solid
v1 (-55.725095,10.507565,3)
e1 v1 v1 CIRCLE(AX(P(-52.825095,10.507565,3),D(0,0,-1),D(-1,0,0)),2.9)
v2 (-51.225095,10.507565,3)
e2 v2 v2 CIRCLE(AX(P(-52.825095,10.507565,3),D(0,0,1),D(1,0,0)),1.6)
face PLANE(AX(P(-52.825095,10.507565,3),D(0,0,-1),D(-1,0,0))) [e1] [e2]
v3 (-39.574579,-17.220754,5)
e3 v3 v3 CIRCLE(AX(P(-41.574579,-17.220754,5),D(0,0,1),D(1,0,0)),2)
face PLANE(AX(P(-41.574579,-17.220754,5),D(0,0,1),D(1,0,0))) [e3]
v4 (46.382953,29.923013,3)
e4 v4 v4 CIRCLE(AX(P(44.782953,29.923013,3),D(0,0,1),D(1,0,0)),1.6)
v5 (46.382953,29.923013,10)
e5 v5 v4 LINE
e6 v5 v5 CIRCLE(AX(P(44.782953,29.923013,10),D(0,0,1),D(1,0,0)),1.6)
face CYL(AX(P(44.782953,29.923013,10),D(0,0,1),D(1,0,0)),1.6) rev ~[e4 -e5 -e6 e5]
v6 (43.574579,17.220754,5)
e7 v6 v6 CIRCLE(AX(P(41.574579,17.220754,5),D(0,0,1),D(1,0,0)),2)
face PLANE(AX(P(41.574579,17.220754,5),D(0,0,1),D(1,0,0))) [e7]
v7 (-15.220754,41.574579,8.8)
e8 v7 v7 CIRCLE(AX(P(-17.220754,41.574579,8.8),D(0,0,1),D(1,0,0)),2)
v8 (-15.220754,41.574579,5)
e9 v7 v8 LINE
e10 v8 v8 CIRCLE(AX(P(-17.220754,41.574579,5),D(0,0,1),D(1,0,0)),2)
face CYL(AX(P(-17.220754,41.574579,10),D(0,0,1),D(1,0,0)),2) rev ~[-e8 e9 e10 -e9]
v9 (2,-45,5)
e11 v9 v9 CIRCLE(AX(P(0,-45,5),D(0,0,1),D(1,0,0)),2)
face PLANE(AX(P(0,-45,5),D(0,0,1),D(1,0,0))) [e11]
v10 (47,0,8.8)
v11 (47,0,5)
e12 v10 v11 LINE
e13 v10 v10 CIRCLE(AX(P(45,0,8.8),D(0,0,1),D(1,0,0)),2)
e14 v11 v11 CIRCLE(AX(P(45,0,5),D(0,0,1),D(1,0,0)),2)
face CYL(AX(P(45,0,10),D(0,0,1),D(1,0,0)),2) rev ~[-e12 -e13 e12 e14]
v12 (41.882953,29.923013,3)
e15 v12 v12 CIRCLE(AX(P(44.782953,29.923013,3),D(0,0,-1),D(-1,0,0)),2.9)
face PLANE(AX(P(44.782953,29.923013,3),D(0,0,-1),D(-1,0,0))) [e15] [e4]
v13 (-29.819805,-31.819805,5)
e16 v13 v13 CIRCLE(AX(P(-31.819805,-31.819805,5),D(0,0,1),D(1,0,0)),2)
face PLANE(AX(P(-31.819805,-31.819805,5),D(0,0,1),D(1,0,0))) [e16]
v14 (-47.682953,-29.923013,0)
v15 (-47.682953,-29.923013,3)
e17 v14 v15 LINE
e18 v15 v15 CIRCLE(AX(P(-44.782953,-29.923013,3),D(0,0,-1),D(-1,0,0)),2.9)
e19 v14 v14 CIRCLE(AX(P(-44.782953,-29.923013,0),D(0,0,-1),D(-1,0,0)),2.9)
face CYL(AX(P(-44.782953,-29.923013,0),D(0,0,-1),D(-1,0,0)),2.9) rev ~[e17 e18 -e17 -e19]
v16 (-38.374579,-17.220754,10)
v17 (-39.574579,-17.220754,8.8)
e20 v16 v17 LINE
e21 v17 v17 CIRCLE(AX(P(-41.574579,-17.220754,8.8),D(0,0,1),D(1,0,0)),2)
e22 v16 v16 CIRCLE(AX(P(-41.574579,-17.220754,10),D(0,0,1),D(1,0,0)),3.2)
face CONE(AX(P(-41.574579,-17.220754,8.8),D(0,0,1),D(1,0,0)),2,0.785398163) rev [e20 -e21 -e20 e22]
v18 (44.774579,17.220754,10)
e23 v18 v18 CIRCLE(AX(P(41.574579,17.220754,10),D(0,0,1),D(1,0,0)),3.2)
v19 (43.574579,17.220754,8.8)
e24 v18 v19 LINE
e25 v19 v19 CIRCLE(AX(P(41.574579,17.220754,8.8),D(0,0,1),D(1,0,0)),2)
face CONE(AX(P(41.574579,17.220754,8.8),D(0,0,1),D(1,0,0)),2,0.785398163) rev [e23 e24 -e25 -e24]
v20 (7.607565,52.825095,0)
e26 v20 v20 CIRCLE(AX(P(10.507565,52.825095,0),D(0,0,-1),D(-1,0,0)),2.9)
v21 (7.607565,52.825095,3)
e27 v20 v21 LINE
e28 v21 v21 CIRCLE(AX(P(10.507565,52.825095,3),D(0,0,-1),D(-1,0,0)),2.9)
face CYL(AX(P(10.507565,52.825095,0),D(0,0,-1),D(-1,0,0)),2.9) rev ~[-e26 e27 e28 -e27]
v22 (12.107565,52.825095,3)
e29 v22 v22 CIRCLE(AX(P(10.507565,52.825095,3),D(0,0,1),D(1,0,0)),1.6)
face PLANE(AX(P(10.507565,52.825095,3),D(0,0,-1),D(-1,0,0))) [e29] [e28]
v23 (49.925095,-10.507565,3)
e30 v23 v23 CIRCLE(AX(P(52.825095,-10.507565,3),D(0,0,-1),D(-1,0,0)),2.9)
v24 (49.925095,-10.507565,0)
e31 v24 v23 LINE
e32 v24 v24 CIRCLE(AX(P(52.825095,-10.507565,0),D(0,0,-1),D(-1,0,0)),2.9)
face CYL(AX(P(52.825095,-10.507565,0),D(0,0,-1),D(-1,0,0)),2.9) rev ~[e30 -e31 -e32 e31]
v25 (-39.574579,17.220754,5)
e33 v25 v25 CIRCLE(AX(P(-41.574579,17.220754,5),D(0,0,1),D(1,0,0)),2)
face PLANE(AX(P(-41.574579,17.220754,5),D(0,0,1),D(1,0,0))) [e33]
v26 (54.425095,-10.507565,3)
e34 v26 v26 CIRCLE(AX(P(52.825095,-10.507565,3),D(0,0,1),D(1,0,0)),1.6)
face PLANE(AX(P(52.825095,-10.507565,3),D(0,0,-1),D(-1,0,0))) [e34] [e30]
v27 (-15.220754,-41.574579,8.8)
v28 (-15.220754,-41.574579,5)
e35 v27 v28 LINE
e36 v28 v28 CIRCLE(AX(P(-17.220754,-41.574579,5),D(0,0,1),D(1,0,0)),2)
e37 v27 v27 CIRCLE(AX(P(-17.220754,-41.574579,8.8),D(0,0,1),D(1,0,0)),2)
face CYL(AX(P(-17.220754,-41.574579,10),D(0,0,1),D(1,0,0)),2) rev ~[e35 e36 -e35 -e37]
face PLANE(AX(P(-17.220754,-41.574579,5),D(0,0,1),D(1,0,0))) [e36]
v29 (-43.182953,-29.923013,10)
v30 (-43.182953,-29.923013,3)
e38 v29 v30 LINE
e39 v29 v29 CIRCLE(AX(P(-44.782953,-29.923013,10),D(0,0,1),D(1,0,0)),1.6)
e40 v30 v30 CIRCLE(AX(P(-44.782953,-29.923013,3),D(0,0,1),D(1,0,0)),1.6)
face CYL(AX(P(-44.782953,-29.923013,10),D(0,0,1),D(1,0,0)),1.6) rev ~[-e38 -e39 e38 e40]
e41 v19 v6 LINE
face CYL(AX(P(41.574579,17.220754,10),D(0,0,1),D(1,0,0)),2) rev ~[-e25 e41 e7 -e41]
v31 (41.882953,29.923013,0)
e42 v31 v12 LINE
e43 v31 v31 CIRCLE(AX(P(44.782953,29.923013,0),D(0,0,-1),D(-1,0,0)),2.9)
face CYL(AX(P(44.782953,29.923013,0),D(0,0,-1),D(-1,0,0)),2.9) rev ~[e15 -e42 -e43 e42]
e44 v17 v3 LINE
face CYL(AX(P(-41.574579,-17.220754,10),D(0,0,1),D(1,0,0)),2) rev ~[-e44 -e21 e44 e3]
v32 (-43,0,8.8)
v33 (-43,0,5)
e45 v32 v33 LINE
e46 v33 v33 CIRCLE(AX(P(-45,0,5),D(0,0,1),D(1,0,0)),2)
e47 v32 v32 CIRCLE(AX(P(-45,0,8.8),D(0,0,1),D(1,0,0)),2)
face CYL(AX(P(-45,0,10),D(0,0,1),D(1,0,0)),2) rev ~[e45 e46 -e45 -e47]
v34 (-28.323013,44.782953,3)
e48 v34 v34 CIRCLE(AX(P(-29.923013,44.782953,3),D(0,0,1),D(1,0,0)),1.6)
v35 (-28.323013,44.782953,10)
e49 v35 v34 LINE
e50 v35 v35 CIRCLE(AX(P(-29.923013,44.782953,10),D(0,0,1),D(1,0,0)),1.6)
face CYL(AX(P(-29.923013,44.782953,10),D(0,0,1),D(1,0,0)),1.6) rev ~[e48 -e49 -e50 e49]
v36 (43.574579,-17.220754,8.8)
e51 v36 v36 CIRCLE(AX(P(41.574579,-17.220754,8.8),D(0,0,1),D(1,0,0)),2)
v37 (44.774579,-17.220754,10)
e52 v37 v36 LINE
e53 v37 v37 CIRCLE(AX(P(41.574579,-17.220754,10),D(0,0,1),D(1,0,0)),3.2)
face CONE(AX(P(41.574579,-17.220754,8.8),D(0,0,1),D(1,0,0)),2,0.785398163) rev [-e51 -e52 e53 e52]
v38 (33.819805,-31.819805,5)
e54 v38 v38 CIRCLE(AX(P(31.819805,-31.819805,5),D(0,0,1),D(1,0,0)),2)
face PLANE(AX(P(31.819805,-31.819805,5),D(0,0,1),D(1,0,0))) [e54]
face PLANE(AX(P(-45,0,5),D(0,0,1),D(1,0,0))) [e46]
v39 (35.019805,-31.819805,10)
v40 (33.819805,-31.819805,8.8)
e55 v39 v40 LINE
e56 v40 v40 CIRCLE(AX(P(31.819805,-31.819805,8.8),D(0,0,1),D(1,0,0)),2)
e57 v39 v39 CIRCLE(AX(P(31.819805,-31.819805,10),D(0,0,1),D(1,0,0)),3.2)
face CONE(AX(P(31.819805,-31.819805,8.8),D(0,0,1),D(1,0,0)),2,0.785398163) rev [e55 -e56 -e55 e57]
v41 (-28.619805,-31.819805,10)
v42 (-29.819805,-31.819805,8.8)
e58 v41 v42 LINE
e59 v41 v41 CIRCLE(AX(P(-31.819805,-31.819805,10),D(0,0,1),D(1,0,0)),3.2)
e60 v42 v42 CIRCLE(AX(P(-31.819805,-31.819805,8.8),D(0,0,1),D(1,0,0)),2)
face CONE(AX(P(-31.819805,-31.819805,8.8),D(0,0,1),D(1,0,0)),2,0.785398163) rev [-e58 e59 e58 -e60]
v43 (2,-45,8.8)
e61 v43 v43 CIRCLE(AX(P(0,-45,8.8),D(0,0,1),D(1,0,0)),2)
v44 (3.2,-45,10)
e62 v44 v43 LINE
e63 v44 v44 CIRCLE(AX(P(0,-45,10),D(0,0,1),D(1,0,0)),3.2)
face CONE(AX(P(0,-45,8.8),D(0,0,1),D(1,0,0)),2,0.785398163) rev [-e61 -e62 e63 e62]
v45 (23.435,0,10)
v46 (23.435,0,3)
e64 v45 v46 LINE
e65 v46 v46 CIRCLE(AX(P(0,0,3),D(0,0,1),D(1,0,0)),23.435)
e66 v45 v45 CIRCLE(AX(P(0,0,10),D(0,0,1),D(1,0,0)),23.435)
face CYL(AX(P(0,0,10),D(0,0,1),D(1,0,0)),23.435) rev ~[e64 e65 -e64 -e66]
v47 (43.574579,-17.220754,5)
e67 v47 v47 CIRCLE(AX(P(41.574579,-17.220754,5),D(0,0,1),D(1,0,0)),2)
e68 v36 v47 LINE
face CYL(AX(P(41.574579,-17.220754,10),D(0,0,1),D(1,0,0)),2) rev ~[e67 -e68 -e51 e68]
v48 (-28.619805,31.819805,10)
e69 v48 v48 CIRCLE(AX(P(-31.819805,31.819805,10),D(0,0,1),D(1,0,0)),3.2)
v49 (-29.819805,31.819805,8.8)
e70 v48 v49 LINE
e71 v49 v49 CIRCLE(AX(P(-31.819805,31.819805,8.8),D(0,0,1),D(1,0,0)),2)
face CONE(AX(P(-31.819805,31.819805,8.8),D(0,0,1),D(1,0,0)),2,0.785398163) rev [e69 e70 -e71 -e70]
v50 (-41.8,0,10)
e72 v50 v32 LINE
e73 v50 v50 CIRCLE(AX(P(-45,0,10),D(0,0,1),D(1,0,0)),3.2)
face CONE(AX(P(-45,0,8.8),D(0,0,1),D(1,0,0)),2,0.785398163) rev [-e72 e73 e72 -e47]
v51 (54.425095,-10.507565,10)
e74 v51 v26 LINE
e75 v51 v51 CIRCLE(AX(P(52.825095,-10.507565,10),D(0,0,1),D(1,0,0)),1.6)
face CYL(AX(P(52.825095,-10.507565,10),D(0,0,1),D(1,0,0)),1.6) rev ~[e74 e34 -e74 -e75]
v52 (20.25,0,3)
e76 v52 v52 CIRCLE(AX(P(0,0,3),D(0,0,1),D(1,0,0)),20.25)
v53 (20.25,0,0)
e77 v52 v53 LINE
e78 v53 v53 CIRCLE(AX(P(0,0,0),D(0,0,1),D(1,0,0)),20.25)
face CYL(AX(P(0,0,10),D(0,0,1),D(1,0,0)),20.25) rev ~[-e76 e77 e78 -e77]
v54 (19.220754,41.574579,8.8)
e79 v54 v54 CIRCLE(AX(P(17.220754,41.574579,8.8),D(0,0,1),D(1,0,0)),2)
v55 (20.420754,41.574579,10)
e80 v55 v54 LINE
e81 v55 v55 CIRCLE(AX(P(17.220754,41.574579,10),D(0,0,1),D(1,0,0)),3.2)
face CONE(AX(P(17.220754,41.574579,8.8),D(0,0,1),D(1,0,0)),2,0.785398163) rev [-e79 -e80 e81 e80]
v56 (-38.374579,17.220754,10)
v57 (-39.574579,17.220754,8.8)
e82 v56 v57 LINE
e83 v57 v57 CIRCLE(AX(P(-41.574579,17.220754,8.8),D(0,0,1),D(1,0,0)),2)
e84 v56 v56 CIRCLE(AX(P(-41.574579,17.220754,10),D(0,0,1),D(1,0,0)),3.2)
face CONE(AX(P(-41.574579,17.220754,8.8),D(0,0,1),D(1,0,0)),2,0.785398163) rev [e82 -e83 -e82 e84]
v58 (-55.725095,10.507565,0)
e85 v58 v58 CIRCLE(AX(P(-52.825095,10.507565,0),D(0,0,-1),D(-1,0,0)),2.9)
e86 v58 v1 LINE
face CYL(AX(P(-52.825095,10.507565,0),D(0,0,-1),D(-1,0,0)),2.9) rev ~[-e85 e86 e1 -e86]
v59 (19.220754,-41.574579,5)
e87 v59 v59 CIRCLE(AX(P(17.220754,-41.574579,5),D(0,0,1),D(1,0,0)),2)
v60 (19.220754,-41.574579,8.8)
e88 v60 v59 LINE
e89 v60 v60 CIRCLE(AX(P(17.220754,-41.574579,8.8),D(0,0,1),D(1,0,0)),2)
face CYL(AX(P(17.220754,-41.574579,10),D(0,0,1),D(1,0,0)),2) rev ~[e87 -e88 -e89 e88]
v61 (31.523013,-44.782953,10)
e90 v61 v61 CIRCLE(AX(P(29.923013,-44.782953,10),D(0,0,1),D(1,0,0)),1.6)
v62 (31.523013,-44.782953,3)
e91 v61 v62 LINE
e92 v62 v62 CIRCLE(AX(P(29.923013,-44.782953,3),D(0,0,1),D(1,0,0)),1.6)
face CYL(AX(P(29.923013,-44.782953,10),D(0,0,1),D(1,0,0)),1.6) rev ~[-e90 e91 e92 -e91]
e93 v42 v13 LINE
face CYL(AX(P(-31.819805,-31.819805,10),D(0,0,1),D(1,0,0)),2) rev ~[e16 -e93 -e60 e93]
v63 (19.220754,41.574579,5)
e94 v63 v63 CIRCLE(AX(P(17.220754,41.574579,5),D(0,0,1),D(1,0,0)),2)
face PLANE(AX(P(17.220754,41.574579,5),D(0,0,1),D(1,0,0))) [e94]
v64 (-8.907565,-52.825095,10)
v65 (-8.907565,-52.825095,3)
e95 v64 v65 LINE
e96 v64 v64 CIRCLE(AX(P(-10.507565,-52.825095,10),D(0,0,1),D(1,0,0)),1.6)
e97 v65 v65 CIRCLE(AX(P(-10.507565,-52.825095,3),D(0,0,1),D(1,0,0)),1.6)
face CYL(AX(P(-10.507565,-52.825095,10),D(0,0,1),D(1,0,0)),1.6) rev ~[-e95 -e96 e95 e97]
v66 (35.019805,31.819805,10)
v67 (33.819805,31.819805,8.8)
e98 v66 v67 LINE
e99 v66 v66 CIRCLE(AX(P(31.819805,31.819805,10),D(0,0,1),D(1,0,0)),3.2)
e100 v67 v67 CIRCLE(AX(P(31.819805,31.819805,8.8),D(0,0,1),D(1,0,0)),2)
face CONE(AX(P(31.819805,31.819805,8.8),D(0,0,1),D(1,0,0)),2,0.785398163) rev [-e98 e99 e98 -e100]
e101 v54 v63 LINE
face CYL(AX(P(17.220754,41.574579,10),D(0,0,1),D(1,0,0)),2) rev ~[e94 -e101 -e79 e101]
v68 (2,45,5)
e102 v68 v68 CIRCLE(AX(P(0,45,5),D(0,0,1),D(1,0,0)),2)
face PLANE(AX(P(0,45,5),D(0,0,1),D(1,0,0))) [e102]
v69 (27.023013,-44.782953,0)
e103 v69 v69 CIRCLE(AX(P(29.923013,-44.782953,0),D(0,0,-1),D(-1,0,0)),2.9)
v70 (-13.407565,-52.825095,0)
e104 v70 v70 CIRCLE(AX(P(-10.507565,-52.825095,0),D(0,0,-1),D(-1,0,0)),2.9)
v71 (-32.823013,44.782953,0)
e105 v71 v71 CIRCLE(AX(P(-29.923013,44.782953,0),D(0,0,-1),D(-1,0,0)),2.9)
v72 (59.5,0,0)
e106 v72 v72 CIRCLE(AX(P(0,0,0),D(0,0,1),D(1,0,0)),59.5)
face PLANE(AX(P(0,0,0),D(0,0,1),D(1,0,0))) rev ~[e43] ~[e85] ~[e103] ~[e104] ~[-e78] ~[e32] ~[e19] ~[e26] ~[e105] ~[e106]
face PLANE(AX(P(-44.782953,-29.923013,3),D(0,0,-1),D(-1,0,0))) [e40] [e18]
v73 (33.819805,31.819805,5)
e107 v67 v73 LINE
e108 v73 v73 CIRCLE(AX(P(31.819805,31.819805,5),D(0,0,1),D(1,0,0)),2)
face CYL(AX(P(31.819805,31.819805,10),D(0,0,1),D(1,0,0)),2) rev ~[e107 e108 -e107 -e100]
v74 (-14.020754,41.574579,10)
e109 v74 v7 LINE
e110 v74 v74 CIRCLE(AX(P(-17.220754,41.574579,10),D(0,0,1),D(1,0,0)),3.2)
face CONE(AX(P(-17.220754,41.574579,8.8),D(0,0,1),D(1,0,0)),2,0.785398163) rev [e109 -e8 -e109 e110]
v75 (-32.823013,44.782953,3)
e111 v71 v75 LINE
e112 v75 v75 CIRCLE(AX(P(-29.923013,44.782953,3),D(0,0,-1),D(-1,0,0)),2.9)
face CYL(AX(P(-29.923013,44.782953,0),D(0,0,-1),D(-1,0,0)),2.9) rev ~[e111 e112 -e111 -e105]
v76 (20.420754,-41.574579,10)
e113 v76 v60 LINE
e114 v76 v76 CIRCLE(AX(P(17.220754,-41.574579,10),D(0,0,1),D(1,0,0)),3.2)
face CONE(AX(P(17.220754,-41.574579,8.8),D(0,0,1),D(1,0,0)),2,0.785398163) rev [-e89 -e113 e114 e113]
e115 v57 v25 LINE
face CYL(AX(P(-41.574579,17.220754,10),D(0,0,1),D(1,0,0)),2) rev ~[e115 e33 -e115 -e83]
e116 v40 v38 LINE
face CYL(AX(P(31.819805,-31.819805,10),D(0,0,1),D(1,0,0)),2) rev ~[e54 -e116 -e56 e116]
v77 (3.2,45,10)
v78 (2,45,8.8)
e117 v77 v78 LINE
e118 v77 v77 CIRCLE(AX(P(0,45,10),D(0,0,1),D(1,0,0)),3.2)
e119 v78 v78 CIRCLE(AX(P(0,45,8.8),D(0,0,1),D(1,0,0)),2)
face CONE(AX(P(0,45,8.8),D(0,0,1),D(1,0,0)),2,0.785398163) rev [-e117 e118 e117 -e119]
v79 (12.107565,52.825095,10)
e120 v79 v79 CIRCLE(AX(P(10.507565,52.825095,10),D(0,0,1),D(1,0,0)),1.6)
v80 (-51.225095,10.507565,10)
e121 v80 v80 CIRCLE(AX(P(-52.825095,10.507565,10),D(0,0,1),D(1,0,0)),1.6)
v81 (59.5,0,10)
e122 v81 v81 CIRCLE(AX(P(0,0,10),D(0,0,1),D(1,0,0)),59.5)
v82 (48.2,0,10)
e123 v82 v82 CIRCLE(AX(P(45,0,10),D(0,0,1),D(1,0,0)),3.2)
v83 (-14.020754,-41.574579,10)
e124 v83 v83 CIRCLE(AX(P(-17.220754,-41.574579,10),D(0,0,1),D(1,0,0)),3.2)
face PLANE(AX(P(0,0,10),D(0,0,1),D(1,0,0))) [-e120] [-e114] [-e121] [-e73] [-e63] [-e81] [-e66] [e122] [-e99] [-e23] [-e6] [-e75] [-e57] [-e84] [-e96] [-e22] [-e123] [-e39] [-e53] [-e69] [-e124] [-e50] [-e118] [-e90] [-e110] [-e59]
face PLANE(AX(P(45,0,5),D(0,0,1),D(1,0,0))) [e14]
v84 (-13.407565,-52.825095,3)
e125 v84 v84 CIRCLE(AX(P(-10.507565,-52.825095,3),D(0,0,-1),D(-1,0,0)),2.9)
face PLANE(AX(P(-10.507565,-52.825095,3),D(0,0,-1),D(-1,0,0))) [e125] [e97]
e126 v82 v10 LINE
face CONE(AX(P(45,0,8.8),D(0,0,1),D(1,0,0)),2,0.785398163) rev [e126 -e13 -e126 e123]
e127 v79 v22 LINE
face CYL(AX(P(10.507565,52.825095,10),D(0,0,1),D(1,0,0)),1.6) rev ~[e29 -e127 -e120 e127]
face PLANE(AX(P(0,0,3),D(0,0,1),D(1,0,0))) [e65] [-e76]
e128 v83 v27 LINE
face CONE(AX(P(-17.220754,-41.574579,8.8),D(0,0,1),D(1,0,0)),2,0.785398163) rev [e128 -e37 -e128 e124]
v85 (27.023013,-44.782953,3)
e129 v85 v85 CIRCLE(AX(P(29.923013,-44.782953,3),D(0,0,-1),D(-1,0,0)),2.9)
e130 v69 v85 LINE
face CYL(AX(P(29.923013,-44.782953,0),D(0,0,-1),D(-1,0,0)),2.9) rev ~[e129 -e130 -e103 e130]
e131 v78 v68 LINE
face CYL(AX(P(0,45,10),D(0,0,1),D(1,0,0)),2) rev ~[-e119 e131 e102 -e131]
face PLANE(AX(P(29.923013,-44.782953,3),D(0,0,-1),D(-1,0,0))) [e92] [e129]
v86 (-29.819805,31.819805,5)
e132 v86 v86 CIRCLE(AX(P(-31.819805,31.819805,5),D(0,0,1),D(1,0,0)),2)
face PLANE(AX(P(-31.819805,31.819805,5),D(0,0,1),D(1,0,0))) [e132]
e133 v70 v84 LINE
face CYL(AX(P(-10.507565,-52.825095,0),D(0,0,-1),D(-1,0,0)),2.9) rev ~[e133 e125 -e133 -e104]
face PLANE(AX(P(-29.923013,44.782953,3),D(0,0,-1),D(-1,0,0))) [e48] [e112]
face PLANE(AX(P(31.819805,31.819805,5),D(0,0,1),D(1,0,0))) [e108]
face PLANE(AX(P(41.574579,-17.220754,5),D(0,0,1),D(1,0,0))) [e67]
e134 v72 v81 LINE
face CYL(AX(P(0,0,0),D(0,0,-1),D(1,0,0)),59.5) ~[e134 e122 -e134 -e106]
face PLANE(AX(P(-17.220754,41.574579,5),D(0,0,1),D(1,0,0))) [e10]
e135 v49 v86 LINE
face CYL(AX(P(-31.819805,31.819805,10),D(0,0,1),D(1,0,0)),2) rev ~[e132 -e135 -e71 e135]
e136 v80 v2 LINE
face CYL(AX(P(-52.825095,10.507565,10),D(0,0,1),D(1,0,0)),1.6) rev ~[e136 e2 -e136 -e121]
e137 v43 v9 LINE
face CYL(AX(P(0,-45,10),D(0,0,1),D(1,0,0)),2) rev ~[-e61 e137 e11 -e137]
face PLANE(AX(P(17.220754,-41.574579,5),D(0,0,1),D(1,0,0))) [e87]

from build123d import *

# Parameters (mm, degrees)
SKETCH3_R           = 59.5
BOSS_EXTRUDE1_DEPTH = 10
SKETCH4_R           = 1.6
CUT_EXTRUDE1_DEPTH  = 85.737830985
SKETCH5_R           = 2
CUT_EXTRUDE2_DEPTH  = 5
SKETCH6_R           = 2.9
CUT_EXTRUDE3_DEPTH  = 3
SKETCH7_R           = 23.435
CUT_EXTRUDE4_DEPTH  = 7
SKETCH8_R           = 20.25
CUT_EXTRUDE5_DEPTH  = 85.737830985
CHAMFER1_SIZE       = 1.2


with BuildPart() as part:
    # Sketch3 → Boss-Extrude1 (new body)
    with BuildSketch(Plane.XY):
        Circle(SKETCH3_R)
    extrude(amount=BOSS_EXTRUDE1_DEPTH)

    # Sketch4 → Cut-Extrude1 (cut, through all)
    with BuildSketch(Plane.XY.offset(10)):
        with Locations((44.782953319, 29.92301275)):
            Circle(SKETCH4_R)
        with Locations((52.825095203, -10.507564744)):
            Circle(SKETCH4_R)
        with Locations((29.92301275, -44.782953319)):
            Circle(SKETCH4_R)
        with Locations((-10.507564744, -52.825095203)):
            Circle(SKETCH4_R)
        with Locations((-44.782953319, -29.92301275)):
            Circle(SKETCH4_R)
        with Locations((-52.825095203, 10.507564744)):
            Circle(SKETCH4_R)
        with Locations((-29.92301275, 44.782953319)):
            Circle(SKETCH4_R)
        with Locations((10.507564744, 52.825095203)):
            Circle(SKETCH4_R)
    extrude(amount=-CUT_EXTRUDE1_DEPTH, mode=Mode.SUBTRACT)

    # Sketch5 → Cut-Extrude2 (cut)
    with BuildSketch(Plane.XY.offset(10)):
        with Locations((45, 0)):
            Circle(SKETCH5_R)
        with Locations((41.574578963, -17.220754456)):
            Circle(SKETCH5_R)
        with Locations((31.819805153, -31.819805153)):
            Circle(SKETCH5_R)
        with Locations((17.220754456, -41.574578963)):
            Circle(SKETCH5_R)
        with Locations((0, -45)):
            Circle(SKETCH5_R)
        with Locations((-17.220754456, -41.574578963)):
            Circle(SKETCH5_R)
        with Locations((-31.819805153, -31.819805153)):
            Circle(SKETCH5_R)
        with Locations((-41.574578963, -17.220754456)):
            Circle(SKETCH5_R)
        with Locations((-45, 0)):
            Circle(SKETCH5_R)
        with Locations((-41.574578963, 17.220754456)):
            Circle(SKETCH5_R)
        with Locations((-31.819805153, 31.819805153)):
            Circle(SKETCH5_R)
        with Locations((-17.220754456, 41.574578963)):
            Circle(SKETCH5_R)
        with Locations((0, 45)):
            Circle(SKETCH5_R)
        with Locations((17.220754456, 41.574578963)):
            Circle(SKETCH5_R)
        with Locations((31.819805153, 31.819805153)):
            Circle(SKETCH5_R)
        with Locations((41.574578963, 17.220754456)):
            Circle(SKETCH5_R)
    extrude(amount=-CUT_EXTRUDE2_DEPTH, mode=Mode.SUBTRACT)

    # Sketch6 → Cut-Extrude3 (cut)
    with BuildSketch(Plane(origin=(0, 0, 0), x_dir=(-1, 0, 0), z_dir=(0, 0, -1))):
        with Locations((52.825095203, 10.507564744)):
            Circle(SKETCH6_R)
        with Locations((44.782953319, -29.92301275)):
            Circle(SKETCH6_R)
        with Locations((10.507564744, -52.825095203)):
            Circle(SKETCH6_R)
        with Locations((-29.92301275, -44.782953319)):
            Circle(SKETCH6_R)
        with Locations((-52.825095203, -10.507564744)):
            Circle(SKETCH6_R)
        with Locations((-44.782953319, 29.92301275)):
            Circle(SKETCH6_R)
        with Locations((-10.507564744, 52.825095203)):
            Circle(SKETCH6_R)
        with Locations((29.92301275, 44.782953319)):
            Circle(SKETCH6_R)
    extrude(amount=-CUT_EXTRUDE3_DEPTH, mode=Mode.SUBTRACT)

    # Sketch7 → Cut-Extrude4 (cut)
    with BuildSketch(Plane.XY.offset(10)):
        Circle(SKETCH7_R)
    extrude(amount=-CUT_EXTRUDE4_DEPTH, mode=Mode.SUBTRACT)

    # Sketch8 → Cut-Extrude5 (cut, through all)
    with BuildSketch(Plane.XY.offset(10)):
        Circle(SKETCH8_R)
    extrude(amount=-CUT_EXTRUDE5_DEPTH, mode=Mode.SUBTRACT)

    # Chamfer1
    chamfer1_edges = [part.edges().sort_by_distance(p)[0] for p in [
        (39.574578963, 17.220754456, 10),
        (29.819805153, 31.819805153, 10),
        (15.220754456, 41.574578963, 10),
        (-2, 45, 10),
        (-19.220754456, 41.574578963, 10),
        (-33.819805153, 31.819805153, 10),
        (-43.574578963, 17.220754456, 10),
        (-47, 0, 10),
        (-43.574578963, -17.220754456, 10),
        (-33.819805153, -31.819805153, 10),
        (-19.220754456, -41.574578963, 10),
        (-2, -45, 10),
        (15.220754456, -41.574578963, 10),
        (29.819805153, -31.819805153, 10),
        (39.574578963, -17.220754456, 10),
        (43, 0, 10),
    ]]
    chamfer(chamfer1_edges, length=CHAMFER1_SIZE)


solid = part.part
